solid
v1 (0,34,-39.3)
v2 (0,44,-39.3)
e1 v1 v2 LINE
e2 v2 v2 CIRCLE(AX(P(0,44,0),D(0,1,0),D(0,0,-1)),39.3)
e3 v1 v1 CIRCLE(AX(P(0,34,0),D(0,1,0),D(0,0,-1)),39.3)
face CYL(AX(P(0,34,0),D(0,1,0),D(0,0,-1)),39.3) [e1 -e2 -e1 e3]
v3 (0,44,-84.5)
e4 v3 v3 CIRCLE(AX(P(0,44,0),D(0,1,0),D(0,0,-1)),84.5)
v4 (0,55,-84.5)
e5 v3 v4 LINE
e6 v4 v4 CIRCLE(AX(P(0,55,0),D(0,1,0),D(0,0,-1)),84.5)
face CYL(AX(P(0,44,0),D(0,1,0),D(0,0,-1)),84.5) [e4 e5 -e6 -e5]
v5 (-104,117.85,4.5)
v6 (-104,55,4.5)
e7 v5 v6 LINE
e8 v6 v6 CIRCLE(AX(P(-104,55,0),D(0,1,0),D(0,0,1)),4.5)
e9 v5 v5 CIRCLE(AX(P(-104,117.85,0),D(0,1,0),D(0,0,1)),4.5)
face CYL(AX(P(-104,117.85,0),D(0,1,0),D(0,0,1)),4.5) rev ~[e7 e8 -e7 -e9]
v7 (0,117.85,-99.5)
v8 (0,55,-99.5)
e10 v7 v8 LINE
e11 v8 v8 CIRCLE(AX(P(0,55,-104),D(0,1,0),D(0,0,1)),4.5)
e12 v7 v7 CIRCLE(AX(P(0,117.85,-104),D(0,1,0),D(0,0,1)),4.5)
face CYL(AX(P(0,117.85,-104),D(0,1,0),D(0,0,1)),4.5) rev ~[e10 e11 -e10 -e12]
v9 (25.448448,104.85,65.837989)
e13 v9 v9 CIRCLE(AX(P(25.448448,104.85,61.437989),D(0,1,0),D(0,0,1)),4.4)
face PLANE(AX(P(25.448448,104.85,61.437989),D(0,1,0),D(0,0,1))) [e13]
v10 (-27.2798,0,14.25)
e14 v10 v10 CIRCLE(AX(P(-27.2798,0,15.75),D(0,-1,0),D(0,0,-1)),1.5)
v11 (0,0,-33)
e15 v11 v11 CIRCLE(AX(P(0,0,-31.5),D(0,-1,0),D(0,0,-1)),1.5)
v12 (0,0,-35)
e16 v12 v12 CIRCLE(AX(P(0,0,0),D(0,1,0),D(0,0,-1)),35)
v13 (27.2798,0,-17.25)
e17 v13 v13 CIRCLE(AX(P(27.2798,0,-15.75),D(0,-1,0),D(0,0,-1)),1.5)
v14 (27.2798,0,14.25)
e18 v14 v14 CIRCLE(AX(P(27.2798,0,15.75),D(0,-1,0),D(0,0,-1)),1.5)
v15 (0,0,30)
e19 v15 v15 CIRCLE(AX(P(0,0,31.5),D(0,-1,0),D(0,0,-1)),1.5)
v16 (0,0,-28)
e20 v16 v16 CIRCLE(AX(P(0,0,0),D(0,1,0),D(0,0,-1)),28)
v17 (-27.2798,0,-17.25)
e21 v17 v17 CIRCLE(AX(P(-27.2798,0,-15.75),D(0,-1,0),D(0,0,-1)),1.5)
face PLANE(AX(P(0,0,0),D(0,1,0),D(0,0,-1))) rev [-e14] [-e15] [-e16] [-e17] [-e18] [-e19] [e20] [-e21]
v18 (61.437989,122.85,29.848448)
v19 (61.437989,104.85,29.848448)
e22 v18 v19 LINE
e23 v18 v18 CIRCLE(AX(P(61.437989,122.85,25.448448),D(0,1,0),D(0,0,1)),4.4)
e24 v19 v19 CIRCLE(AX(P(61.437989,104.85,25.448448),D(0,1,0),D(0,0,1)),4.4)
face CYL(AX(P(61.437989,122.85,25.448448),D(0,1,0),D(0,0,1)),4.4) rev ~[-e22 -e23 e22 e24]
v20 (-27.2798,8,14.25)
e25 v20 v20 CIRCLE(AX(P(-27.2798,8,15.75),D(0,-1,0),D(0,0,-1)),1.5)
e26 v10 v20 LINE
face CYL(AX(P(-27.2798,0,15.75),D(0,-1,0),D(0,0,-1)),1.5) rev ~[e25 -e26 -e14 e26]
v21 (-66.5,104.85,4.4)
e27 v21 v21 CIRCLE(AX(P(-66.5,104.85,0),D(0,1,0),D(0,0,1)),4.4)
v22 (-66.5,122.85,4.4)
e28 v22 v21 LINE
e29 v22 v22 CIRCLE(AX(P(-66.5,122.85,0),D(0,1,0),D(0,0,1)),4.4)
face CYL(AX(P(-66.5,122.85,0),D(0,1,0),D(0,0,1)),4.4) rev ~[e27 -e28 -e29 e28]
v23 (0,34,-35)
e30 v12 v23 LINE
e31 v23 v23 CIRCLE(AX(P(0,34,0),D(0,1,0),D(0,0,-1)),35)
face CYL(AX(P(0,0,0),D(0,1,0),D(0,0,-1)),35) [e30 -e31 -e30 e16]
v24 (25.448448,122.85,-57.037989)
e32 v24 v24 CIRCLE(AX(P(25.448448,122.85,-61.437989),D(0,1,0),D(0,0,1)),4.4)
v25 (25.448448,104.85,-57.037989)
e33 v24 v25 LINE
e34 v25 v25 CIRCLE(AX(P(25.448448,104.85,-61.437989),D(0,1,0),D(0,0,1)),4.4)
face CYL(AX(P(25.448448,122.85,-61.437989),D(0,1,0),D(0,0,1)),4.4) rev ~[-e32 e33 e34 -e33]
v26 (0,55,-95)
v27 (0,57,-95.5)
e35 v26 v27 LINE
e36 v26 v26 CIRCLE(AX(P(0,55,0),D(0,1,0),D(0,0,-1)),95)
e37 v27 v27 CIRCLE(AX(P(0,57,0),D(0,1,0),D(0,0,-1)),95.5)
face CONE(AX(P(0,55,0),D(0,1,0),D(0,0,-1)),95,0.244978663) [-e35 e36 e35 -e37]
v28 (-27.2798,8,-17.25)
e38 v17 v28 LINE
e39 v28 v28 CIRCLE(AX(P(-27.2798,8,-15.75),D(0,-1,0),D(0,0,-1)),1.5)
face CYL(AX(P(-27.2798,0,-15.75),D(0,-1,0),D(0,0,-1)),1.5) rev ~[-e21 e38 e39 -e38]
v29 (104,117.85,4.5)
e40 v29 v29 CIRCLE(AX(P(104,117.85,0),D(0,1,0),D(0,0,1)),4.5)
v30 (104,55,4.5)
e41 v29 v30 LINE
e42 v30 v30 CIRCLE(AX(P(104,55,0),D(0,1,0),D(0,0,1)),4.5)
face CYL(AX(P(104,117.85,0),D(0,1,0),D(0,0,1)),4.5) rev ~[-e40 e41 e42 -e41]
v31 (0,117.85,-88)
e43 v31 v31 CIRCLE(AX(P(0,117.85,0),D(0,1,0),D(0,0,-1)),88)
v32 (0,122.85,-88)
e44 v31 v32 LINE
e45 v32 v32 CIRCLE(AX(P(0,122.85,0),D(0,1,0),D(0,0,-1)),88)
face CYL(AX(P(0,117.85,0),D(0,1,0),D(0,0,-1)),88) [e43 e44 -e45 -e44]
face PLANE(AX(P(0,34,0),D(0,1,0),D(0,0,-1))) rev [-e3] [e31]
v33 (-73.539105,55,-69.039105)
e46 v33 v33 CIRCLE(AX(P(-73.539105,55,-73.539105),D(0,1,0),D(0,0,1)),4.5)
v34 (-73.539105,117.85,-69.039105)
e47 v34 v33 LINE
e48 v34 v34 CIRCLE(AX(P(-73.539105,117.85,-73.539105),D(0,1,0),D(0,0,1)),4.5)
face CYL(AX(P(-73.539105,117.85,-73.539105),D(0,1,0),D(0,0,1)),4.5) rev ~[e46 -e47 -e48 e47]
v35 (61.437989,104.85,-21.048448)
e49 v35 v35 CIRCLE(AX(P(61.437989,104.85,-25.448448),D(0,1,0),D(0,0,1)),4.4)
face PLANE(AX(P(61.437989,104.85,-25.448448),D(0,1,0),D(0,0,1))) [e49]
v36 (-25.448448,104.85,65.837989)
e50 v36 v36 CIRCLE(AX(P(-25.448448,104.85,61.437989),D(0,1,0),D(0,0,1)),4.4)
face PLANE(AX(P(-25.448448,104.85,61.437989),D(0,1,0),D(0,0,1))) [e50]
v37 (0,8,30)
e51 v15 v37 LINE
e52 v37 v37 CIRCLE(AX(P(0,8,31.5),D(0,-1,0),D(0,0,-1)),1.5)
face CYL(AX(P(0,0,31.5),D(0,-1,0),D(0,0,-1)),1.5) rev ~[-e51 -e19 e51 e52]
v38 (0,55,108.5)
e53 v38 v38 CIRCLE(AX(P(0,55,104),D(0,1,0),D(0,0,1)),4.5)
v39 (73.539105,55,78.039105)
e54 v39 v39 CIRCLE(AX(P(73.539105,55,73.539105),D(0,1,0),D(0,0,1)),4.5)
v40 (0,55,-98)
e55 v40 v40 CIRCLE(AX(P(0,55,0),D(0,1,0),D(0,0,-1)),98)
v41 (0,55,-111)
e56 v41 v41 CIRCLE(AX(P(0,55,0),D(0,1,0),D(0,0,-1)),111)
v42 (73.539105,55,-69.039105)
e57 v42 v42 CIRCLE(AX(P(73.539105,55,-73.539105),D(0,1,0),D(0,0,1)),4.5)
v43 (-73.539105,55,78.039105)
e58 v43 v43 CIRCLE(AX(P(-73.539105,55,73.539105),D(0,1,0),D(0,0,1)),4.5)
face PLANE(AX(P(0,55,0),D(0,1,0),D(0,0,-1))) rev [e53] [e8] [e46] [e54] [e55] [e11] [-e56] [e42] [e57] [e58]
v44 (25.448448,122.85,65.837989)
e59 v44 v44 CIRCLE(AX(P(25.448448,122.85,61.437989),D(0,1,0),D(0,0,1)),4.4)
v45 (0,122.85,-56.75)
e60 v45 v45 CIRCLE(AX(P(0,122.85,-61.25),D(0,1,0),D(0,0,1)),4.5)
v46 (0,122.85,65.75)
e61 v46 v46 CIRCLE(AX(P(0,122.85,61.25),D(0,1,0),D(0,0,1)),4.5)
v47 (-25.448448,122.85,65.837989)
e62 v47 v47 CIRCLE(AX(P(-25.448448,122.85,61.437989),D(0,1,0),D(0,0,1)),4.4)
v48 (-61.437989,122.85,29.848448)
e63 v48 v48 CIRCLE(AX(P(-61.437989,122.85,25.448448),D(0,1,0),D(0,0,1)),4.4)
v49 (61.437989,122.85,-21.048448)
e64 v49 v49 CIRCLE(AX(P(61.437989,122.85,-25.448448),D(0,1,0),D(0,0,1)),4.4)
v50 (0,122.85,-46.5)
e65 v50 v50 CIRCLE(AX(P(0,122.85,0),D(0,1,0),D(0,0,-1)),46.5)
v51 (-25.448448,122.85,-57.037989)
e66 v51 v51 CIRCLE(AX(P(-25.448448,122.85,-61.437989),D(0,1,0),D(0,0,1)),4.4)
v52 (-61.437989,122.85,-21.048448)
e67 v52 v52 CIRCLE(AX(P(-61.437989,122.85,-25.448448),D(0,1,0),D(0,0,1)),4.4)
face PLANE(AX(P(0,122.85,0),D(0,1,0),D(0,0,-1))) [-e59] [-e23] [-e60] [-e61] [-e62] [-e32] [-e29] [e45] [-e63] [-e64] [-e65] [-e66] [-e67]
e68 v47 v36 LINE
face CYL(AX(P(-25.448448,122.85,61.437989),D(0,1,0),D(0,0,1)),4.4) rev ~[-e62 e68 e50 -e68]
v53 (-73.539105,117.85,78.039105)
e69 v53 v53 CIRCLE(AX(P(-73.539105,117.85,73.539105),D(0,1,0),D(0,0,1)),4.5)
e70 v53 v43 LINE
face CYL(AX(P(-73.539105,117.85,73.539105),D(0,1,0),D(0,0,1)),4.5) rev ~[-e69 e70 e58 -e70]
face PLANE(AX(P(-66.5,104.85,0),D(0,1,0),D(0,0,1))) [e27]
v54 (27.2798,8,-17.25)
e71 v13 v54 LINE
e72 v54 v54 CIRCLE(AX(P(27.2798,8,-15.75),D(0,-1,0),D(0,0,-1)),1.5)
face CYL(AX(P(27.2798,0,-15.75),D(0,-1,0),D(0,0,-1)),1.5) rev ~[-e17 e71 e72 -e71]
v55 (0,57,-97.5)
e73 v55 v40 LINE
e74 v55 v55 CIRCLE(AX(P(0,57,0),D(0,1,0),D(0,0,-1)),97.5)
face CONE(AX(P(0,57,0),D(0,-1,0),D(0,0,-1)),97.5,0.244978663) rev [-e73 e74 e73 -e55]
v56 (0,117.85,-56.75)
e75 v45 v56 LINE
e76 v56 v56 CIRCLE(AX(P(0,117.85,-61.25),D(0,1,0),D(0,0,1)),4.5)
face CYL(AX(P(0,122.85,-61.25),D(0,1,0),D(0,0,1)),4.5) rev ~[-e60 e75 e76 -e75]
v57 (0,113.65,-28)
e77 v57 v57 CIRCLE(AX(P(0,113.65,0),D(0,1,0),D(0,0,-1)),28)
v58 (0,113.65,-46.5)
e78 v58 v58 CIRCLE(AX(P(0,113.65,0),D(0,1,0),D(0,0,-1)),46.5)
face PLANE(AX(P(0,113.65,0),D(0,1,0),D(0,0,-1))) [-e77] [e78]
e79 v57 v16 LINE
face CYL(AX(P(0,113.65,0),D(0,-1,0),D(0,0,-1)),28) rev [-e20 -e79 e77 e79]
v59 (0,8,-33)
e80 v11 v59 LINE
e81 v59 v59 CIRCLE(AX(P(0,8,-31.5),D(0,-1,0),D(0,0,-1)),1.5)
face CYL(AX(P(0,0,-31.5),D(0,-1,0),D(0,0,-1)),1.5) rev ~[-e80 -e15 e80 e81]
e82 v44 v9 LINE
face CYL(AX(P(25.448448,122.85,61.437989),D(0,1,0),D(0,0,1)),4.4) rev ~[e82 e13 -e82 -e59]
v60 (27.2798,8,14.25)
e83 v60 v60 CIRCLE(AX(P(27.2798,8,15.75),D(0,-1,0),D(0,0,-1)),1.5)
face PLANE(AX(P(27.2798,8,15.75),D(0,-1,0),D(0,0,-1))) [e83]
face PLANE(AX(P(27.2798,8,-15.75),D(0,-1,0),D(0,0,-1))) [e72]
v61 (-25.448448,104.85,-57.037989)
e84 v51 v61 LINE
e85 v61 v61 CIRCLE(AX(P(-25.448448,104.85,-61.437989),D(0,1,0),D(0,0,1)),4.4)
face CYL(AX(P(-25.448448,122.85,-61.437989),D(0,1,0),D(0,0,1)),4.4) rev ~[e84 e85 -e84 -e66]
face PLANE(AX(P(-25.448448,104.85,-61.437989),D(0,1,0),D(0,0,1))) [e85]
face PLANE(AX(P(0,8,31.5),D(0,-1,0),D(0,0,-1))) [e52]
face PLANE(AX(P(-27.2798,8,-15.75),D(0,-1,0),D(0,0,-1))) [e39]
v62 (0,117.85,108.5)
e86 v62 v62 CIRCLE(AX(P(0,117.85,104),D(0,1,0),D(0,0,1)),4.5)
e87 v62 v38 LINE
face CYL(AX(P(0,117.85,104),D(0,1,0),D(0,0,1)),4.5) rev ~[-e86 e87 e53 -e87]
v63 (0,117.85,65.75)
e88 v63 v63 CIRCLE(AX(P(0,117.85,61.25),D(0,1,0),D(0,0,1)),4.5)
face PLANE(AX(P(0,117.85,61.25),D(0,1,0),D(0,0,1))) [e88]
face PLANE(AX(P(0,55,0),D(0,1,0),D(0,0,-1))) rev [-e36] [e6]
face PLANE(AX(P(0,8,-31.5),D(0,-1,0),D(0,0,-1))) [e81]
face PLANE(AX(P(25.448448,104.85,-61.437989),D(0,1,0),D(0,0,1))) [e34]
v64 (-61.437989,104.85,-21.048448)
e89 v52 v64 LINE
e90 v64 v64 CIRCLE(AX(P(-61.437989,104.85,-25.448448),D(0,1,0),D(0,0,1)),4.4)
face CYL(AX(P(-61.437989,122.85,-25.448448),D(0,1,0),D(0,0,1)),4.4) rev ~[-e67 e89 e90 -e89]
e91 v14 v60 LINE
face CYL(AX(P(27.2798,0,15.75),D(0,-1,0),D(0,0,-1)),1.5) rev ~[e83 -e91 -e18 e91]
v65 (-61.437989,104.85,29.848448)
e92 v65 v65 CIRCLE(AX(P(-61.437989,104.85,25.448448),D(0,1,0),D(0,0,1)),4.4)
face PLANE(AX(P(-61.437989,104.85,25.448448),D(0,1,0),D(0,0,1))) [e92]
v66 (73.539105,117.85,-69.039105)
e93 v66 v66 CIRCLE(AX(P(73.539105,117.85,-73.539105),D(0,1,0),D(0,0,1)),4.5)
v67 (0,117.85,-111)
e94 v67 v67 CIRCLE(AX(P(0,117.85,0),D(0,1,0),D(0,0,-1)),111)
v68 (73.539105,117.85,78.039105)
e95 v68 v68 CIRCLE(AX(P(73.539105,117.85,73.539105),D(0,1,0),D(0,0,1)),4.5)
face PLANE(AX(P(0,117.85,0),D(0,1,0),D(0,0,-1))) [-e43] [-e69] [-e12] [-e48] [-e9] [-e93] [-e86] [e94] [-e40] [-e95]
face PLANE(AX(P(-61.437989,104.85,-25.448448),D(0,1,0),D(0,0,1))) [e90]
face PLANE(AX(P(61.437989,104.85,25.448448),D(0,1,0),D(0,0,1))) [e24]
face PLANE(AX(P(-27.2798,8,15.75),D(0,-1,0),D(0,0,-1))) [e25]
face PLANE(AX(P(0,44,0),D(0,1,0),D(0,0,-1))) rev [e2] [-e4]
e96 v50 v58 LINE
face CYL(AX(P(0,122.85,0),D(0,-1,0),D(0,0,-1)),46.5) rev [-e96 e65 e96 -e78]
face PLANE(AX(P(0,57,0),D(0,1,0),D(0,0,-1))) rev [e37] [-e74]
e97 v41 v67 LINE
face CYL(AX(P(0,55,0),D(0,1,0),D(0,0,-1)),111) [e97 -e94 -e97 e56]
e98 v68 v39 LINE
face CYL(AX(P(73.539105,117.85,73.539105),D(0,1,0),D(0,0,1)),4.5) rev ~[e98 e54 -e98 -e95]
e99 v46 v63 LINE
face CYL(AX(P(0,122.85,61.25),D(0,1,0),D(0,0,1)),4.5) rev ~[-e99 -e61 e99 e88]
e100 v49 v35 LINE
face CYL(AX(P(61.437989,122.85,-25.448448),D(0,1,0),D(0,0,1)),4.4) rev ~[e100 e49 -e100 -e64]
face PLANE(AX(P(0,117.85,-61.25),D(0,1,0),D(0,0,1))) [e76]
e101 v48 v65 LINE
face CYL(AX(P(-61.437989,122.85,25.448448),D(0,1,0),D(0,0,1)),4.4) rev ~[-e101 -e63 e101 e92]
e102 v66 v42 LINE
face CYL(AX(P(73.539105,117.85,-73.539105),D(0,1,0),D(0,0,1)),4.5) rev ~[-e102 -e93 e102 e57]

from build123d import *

# Parameters (mm, degrees)
SKETCH2_R          = 4.5
CUT_EXTRUDE1_DEPTH = 197.292186549
SKETCH4_R          = 4.4
CUT_EXTRUDE3_DEPTH = 18
SKETCH5_R          = 4.5
CUT_EXTRUDE4_DEPTH = 5
SKETCH6_R          = 1.5
CUT_EXTRUDE5_DEPTH = 8


with BuildPart() as part:
    # Sketch1 → Revolve1 (revolve)
    with BuildSketch(Plane(origin=(0, 0, 0), x_dir=(0, 0, -1), z_dir=(1, 0, 0)), mode=Mode.PRIVATE) as revolve1_sk:
        Polygon((-28, 0), (-35, 0), (-35, 34), (-39.3, 34), (-39.3, 44), (-84.5, 44), (-84.5, 55), (-95, 55), (-95.5, 57), (-97.5, 57), (-98, 55), (-111, 55), (-111, 117.85), (-88, 117.85), (-88, 122.85), (-46.5, 122.85), (-46.5, 113.65), (-28, 113.65), align=None)
    revolve(revolve1_sk.sketch.rotate(Axis((0, 0, 0), (0, 1, 0)), 180), axis=Axis((0, 0, 0), (0, 1, 0)))

    # Sketch2 → Cut-Extrude1 (cut, through all)
    with BuildSketch(Plane(origin=(0, 117.85, 0), x_dir=(1, 0, 0), z_dir=(0, 1, 0))):
        with Locations(Location((-104, 0, 0), (0, 0, 270))):
            Circle(SKETCH2_R)
        with Locations(Location((-73.539105243, 73.539105243, 0), (0, 0, 270))):
            Circle(SKETCH2_R)
        with Locations(Location((0, 104, 0), (0, 0, 270))):
            Circle(SKETCH2_R)
        with Locations(Location((73.539105243, 73.539105243, 0), (0, 0, 270))):
            Circle(SKETCH2_R)
        with Locations(Location((104, 0, 0), (0, 0, 270))):
            Circle(SKETCH2_R)
        with Locations(Location((73.539105243, -73.539105243, 0), (0, 0, 270))):
            Circle(SKETCH2_R)
        with Locations(Location((0, -104, 0), (0, 0, 270))):
            Circle(SKETCH2_R)
        with Locations(Location((-73.539105243, -73.539105243, 0), (0, 0, 270))):
            Circle(SKETCH2_R)
    extrude(amount=-CUT_EXTRUDE1_DEPTH, mode=Mode.SUBTRACT)

    # Sketch4 → Cut-Extrude3 (cut)
    with BuildSketch(Plane(origin=(0, 122.85, 0), x_dir=(1, 0, 0), z_dir=(0, 1, 0))):
        with Locations(Location((-66.5, 0, 0), (0, 0, 270))):
            Circle(SKETCH4_R)
        with Locations(Location((-61.437988912, 25.448448252, 0), (0, 0, 270))):
            Circle(SKETCH4_R)
        with Locations(Location((-25.448448252, 61.437988912, 0), (0, 0, 270))):
            Circle(SKETCH4_R)
        with Locations(Location((25.448448252, 61.437988912, 0), (0, 0, 270))):
            Circle(SKETCH4_R)
        with Locations(Location((61.437988912, 25.448448252, 0), (0, 0, 270))):
            Circle(SKETCH4_R)
        with Locations(Location((61.437988912, -25.448448252, 0), (0, 0, 270))):
            Circle(SKETCH4_R)
        with Locations(Location((25.448448252, -61.437988912, 0), (0, 0, 270))):
            Circle(SKETCH4_R)
        with Locations(Location((-25.448448252, -61.437988912, 0), (0, 0, 270))):
            Circle(SKETCH4_R)
        with Locations(Location((-61.437988912, -25.448448252, 0), (0, 0, 270))):
            Circle(SKETCH4_R)
    extrude(amount=-CUT_EXTRUDE3_DEPTH, mode=Mode.SUBTRACT)

    # Sketch5 → Cut-Extrude4 (cut)
    with BuildSketch(Plane(origin=(0, 122.85, 0), x_dir=(1, 0, 0), z_dir=(0, 1, 0))):
        with Locations(Location((0, -61.25, 0), (0, 0, 270))):
            Circle(SKETCH5_R)
        with Locations(Location((0, 61.25, 0), (0, 0, 270))):
            Circle(SKETCH5_R)
    extrude(amount=-CUT_EXTRUDE4_DEPTH, mode=Mode.SUBTRACT)

    # Sketch6 → Cut-Extrude5 (cut)
    with BuildSketch(Plane.XZ):
        with Locations(Location((0, 31.5, 0), (0, 0, 270))):
            Circle(SKETCH6_R)
        with Locations(Location((27.279800219, 15.75, 0), (0, 0, 270))):
            Circle(SKETCH6_R)
        with Locations(Location((27.279800219, -15.75, 0), (0, 0, 270))):
            Circle(SKETCH6_R)
        with Locations(Location((0, -31.5, 0), (0, 0, 270))):
            Circle(SKETCH6_R)
        with Locations(Location((-27.279800219, -15.75, 0), (0, 0, 270))):
            Circle(SKETCH6_R)
        with Locations(Location((-27.279800219, 15.75, 0), (0, 0, 270))):
            Circle(SKETCH6_R)
    extrude(amount=-CUT_EXTRUDE5_DEPTH, mode=Mode.SUBTRACT)


solid = part.part
